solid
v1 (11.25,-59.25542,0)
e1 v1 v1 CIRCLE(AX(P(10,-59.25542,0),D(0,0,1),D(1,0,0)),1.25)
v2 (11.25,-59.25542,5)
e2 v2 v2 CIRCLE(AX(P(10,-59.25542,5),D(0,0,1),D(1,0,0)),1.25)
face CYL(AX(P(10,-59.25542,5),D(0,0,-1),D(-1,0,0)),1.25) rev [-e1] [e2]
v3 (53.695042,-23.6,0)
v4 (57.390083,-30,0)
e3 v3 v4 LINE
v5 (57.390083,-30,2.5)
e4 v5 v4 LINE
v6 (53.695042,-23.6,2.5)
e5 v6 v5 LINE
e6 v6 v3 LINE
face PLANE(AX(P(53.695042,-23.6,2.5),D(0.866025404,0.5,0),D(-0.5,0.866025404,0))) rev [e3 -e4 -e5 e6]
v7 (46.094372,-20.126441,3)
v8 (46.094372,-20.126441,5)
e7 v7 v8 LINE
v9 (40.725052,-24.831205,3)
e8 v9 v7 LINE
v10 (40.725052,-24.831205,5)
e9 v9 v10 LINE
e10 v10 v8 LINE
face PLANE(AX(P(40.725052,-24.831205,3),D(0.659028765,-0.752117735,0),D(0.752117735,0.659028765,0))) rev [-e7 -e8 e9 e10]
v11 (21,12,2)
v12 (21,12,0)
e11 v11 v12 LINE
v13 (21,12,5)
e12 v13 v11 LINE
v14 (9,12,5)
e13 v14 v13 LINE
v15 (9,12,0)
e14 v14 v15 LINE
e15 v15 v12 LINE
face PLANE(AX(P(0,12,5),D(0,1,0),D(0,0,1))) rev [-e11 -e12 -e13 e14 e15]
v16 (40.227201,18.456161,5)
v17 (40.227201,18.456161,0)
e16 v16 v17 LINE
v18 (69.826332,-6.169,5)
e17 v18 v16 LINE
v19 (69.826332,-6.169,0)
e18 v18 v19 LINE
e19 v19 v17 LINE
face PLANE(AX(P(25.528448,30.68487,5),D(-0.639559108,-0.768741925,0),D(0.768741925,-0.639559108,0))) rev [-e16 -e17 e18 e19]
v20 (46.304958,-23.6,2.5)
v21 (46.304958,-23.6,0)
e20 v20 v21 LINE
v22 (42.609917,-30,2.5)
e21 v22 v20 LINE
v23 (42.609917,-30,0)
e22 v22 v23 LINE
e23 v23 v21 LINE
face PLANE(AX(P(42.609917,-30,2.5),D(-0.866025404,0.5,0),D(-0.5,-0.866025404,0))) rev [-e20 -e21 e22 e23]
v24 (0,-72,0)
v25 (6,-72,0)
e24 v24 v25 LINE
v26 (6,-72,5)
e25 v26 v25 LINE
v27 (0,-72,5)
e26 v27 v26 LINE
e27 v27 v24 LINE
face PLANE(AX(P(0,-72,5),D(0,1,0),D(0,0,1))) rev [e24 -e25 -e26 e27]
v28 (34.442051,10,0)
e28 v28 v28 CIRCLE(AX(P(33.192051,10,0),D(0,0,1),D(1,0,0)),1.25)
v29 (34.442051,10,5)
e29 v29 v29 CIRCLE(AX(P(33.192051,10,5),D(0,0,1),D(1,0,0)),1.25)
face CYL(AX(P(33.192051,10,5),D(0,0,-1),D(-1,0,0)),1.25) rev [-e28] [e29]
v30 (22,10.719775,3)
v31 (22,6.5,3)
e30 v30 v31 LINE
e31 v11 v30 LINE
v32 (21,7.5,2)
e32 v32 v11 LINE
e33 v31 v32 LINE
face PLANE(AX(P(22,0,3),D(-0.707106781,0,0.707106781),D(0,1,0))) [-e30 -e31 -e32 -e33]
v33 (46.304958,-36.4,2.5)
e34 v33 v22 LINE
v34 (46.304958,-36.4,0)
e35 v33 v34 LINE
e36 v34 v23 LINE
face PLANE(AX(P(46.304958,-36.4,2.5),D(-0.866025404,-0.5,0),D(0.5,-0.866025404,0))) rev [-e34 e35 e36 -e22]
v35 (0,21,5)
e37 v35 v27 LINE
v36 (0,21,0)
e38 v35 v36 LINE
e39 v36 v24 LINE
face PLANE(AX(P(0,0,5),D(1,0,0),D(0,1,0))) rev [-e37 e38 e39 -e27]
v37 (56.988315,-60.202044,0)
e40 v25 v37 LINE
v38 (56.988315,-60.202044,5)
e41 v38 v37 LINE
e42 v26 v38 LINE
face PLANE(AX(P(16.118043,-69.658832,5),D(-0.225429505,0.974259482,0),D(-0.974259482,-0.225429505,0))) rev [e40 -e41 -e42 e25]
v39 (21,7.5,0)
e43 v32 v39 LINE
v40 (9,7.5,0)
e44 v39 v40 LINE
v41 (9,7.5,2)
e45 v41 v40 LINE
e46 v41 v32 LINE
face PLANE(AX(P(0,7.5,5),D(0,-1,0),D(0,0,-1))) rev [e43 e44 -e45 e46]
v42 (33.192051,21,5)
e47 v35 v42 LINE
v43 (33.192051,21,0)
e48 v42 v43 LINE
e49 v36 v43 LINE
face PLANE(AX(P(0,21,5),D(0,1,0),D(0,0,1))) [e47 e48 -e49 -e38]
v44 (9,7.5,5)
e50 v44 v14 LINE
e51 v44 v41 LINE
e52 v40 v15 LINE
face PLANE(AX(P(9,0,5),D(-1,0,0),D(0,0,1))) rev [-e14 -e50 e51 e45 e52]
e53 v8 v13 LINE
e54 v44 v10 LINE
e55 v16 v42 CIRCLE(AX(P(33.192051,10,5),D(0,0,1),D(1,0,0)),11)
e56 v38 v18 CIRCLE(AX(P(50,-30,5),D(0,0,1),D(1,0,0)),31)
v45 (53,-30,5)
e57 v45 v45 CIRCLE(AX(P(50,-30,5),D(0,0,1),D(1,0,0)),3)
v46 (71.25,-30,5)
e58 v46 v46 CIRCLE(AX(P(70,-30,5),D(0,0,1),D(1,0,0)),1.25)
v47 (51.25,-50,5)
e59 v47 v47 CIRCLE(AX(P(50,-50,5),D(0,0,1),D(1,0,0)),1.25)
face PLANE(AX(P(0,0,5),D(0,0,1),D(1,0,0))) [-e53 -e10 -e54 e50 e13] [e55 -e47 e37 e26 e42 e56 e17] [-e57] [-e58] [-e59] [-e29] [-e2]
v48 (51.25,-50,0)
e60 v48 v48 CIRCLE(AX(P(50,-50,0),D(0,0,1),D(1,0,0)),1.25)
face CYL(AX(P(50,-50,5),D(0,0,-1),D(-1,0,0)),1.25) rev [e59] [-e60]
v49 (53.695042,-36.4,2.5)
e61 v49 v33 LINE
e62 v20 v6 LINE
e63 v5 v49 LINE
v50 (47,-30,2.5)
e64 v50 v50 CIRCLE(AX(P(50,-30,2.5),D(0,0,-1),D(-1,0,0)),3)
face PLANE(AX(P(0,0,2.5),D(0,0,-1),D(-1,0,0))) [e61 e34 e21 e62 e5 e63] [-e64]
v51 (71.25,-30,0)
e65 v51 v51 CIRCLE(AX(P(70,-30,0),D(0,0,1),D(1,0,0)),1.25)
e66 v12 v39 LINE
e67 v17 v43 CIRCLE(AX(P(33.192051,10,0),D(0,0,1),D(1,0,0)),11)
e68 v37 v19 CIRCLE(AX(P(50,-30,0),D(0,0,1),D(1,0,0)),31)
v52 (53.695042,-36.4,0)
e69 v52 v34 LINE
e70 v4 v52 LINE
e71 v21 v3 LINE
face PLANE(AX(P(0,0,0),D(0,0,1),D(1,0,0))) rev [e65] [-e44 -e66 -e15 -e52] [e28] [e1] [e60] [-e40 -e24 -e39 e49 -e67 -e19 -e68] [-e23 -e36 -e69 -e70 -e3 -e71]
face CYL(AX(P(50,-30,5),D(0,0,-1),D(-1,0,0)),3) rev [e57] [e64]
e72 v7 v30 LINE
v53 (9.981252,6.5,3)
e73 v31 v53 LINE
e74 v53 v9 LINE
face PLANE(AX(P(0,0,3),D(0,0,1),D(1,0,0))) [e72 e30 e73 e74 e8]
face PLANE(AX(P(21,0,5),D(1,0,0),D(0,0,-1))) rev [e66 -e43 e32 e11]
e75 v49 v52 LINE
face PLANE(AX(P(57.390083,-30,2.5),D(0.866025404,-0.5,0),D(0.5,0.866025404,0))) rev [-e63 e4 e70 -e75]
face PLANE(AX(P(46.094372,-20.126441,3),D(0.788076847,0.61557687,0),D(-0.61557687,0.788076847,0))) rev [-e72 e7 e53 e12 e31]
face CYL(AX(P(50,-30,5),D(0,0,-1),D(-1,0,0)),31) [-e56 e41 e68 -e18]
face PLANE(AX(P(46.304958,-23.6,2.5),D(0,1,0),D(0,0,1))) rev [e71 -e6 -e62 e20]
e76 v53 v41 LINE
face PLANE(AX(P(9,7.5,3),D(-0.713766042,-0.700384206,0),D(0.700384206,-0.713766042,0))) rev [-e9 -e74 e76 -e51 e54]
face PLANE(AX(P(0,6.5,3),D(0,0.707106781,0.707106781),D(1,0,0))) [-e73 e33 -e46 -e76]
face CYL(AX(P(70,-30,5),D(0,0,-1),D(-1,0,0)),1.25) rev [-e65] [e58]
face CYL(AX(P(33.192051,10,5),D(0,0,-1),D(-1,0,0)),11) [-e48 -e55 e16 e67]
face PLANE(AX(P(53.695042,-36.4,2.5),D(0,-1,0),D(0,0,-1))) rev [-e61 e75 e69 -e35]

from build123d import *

# Parameters (mm, degrees)
SKETCH1_R           = 3
SKETCH1_R_2         = 1.25
SKETCH1_W           = 12
SKETCH1_H           = 4.5
BOSS_EXTRUDE1_DEPTH = 5
CUT_EXTRUDE1_DEPTH  = 2
CUT_EXTRUDE2_DEPTH  = 2.5
CHAMFER1_SIZE       = 1


with BuildPart() as part:
    # Sketch1 → Boss-Extrude1 (new body)
    with BuildSketch(Plane.XY):
        with BuildLine():
            Line((33.192050804, 21), (0, 21))
            Line((0, 21), (0, -72))
            Line((0, -72), (6, -72))
            Line((6, -72), (56.988314669, -60.202043939))
            ThreePointArc((56.988314669, -60.202043939), (80.160384186, -37.165976959), (69.826332353, -6.169000327))
            Line((69.826332353, -6.169000327), (40.227200994, 18.456161174))
            ThreePointArc((40.227200994, 18.456161174), (36.932520499, 20.344509967), (33.192050804, 21))
        make_face()
        with Locations((50, -30)):
            Circle(SKETCH1_R, mode=Mode.SUBTRACT)
        with Locations((70, -30)):
            Circle(SKETCH1_R_2, mode=Mode.SUBTRACT)
        with Locations((15, 9.75)):
            Rectangle(SKETCH1_W, SKETCH1_H, mode=Mode.SUBTRACT)
        with Locations((33.192050804, 10)):
            Circle(SKETCH1_R_2, mode=Mode.SUBTRACT)
        with Locations((10, -59.255419511)):
            Circle(SKETCH1_R_2, mode=Mode.SUBTRACT)
        with Locations((50, -50)):
            Circle(SKETCH1_R_2, mode=Mode.SUBTRACT)
    extrude(amount=BOSS_EXTRUDE1_DEPTH)

    # Sketch2 → Cut-Extrude1 (cut)
    with BuildSketch(Plane.XY.offset(5)):
        Polygon((9, 7.5), (40.725052348, -24.831204578), (46.094372356, -20.126440724), (21, 12), align=None)
    extrude(amount=-CUT_EXTRUDE1_DEPTH, mode=Mode.SUBTRACT)

    # Sketch3 → Cut-Extrude2 (cut)
    with BuildSketch(Plane(origin=(0, 0, 0), x_dir=(-1, 0, 0), z_dir=(0, 0, -1))):
        Polygon((-42.609916554, -30), (-46.304958277, -23.6), (-53.695041723, -23.6), (-57.390083446, -30), (-53.695041723, -36.4), (-46.304958277, -36.4), align=None)
    extrude(amount=-CUT_EXTRUDE2_DEPTH, mode=Mode.SUBTRACT)

    # Chamfer1
    chamfer1_edges = [part.edges().sort_by_distance(p)[0] for p in [
        (21, 9.75, 3),
        (15, 7.5, 3),
    ]]
    chamfer(chamfer1_edges, length=CHAMFER1_SIZE)


solid = part.part
